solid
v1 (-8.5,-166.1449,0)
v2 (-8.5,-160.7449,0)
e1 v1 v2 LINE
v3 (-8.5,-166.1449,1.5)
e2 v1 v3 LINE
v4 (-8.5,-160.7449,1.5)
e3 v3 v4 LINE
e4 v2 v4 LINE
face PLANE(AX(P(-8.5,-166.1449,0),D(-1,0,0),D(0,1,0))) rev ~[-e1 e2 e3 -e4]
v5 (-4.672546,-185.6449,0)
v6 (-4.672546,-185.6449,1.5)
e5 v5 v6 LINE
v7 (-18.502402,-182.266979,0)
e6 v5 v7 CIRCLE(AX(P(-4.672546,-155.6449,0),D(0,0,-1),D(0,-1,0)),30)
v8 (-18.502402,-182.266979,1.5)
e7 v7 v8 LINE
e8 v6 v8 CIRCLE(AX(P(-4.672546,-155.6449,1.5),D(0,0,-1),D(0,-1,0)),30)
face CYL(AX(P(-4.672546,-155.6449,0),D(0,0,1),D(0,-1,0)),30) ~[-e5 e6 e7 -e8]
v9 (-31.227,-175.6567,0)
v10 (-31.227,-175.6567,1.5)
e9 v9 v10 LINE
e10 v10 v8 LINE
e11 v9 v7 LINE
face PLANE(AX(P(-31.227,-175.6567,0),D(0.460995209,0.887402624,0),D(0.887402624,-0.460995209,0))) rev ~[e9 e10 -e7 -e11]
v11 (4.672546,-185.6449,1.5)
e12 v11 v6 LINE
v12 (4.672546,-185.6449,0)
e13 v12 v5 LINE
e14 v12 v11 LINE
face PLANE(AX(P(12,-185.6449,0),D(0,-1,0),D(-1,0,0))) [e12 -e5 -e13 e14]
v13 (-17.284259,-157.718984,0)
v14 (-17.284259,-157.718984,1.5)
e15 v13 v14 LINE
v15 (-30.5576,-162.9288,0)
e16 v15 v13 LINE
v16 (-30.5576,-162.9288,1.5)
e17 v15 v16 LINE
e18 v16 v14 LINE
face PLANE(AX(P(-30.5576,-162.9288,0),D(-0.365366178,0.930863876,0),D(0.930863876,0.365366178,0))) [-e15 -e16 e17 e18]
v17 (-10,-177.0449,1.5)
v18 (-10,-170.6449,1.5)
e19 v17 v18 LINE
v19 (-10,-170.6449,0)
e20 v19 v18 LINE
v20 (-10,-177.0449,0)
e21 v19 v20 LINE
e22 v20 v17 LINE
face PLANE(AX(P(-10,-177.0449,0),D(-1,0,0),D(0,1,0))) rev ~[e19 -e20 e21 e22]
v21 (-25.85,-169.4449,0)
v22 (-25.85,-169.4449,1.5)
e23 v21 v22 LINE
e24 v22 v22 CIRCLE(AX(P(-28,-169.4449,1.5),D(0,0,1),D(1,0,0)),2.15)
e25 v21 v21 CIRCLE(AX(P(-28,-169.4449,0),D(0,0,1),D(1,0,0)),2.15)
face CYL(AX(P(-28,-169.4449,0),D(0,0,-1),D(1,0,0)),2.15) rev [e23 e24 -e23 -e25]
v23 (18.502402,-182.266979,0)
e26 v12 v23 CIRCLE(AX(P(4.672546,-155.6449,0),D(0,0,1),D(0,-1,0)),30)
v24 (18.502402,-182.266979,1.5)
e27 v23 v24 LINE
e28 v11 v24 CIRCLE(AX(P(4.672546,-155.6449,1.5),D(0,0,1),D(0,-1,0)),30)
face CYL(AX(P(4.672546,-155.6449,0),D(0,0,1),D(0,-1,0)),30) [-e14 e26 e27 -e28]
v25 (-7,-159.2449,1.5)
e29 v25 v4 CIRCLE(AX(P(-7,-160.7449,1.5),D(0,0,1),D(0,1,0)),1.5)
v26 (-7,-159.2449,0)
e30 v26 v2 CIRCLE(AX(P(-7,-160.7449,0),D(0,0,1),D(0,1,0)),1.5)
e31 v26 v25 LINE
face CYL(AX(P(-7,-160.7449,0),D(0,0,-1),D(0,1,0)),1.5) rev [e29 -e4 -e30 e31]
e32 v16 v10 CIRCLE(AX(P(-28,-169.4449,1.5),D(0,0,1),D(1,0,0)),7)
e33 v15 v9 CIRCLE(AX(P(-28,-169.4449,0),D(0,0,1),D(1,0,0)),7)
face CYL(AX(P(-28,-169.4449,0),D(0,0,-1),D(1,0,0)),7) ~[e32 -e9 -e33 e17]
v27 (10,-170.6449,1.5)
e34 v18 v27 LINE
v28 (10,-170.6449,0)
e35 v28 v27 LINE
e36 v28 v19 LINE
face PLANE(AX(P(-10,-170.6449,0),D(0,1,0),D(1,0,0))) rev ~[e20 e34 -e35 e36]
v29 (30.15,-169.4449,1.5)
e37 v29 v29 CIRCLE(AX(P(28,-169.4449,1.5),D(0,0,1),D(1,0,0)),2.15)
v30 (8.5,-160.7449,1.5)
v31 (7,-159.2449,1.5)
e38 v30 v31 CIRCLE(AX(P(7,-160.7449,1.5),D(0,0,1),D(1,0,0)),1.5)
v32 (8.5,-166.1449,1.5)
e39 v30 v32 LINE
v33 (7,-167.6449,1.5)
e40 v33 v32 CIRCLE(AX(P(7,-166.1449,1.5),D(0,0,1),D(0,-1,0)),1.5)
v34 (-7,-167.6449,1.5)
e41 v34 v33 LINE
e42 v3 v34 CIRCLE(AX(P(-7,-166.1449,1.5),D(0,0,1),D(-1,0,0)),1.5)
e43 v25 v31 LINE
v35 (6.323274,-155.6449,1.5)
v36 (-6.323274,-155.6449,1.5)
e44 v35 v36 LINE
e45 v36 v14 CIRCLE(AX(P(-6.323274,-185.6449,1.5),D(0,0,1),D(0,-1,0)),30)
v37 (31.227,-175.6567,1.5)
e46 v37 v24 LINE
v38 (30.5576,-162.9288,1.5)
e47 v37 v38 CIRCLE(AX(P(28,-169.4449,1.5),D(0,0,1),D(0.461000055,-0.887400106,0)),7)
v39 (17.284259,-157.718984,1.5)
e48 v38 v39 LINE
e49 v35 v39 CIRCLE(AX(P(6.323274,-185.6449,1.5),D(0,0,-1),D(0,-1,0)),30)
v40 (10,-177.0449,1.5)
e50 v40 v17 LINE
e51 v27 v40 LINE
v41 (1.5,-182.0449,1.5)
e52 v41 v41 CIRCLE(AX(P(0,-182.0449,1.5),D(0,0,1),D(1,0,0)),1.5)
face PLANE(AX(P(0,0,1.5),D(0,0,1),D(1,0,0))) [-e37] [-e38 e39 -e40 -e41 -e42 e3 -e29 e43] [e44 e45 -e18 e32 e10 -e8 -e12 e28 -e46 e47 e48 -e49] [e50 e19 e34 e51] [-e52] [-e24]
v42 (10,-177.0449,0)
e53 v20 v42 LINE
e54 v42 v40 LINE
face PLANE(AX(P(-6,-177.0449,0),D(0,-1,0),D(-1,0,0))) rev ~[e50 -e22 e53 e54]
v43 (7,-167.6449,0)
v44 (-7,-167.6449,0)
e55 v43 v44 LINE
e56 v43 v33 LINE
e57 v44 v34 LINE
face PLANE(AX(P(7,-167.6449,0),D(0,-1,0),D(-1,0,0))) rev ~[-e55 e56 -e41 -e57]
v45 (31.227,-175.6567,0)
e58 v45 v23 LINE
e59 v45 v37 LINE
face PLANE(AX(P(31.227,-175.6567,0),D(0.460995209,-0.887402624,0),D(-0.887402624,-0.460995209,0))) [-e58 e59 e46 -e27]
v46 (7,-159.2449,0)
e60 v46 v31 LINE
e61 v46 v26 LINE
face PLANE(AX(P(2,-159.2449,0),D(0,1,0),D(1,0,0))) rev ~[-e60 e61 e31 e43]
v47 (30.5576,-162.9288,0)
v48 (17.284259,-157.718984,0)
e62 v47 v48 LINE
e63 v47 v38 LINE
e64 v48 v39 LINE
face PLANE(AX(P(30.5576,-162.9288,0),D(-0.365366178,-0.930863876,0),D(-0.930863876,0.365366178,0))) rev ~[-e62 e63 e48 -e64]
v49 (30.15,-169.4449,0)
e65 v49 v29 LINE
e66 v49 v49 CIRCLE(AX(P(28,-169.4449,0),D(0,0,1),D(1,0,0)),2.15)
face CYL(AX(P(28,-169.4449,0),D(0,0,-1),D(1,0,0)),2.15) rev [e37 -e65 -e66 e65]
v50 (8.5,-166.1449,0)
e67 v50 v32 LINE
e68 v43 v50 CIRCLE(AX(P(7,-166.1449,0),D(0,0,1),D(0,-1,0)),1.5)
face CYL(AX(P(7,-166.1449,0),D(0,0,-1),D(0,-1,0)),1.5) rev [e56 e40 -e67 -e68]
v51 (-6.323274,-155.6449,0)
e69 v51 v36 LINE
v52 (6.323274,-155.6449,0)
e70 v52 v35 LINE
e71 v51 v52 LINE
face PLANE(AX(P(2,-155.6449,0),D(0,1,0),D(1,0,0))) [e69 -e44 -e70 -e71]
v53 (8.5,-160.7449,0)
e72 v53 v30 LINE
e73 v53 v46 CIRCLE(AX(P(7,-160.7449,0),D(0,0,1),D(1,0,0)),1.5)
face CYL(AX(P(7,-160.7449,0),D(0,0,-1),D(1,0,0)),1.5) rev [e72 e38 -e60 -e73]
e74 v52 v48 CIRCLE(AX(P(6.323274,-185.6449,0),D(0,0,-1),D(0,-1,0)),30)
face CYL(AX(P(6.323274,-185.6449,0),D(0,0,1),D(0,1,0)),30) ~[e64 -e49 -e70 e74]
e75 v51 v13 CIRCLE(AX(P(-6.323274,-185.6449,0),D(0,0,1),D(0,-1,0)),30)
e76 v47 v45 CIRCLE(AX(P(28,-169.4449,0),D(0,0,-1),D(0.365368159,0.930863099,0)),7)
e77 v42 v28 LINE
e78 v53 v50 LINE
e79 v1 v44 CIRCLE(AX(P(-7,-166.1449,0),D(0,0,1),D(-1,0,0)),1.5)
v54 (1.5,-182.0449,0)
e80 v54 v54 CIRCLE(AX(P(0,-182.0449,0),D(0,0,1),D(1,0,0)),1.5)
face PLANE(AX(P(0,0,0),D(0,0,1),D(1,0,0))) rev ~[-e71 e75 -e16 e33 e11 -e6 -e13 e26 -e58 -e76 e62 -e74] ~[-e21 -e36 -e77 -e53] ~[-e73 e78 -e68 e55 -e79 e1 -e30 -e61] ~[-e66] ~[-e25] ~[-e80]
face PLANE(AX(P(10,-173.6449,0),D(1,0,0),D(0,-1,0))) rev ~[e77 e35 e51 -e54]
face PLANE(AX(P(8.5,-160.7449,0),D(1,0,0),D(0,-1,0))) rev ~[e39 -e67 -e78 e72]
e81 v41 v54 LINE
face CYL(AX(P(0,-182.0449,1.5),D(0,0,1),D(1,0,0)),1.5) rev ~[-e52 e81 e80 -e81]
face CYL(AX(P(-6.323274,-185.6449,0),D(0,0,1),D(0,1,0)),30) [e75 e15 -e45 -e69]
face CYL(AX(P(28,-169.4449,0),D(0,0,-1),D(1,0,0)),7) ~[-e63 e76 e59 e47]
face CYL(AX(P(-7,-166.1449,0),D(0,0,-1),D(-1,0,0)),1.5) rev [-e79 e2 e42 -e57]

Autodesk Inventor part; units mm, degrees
ref_plane "YZ Plane" through (0, 0, 0) normal (1, 0, 0) x (0, 1, 0)
ref_plane "XZ Plane" through (0, 0, 0) normal (0, 1, 0) x (-1, 0, 0)
ref_plane "XY Plane" through (0, 0, 0) normal (0, 0, 1) x (1, 0, 0)
ref_plane "Work Plane1" through (0, 0, 0) normal (0, 0, 1) x (1, 0, 0)
sketch "Sketch1" plane through (0, 0, 0) normal (0, 0, 1) x (1, 0, 0)
  arc A0 (-148.6847, 77.7603) -> (-148.1357, 75.7112) centre (-147.3857, 77.0103) ccw projected
  line L0 (-148.6847, 77.7603) -> (-148.1847, 78.6263) projected
  line L1 (-148.1847, 78.6263) -> (-150.7828, 80.1263) projected
  line L2 (-150.7828, 80.1263) -> (-152.7828, 76.6622) projected
  arc A1 (-155.3809, 78.1622) -> (-152.7828, 76.6622) centre (-154.0818, 77.4122) ccw projected
  line L3 (-155.3809, 78.1622) -> (-158.3253, 79.8622) projected
  arc A2 (-156.8253, 82.4603) -> (-158.3253, 79.8622) centre (-157.5753, 81.1612) ccw projected
  line L4 (-156.8253, 82.4603) -> (-156.3253, 83.3263) projected
  line L5 (-156.3253, 83.3263) -> (-161.1751, 86.1263) projected
  arc A3 (-159.9251, 88.2913) -> (-161.1751, 86.1263) centre (-160.5501, 87.2088) ccw projected
  line L6 (-159.9251, 88.2913) -> (-155.0753, 85.4913) projected
  line L7 (-155.0753, 85.4913) -> (-151.5753, 91.5535) projected
  line L8 (-151.5753, 91.5535) -> (-156.4251, 94.3535) projected
  arc A4 (-155.1751, 96.5186) -> (-156.4251, 94.3535) centre (-155.8001, 95.4361) ccw projected
  line L9 (-155.1751, 96.5186) -> (-150.3253, 93.7186) projected
  line L10 (-150.3253, 93.7186) -> (-149.8253, 94.5846) projected
  arc A5 (-148.3253, 97.1827) -> (-149.8253, 94.5846) centre (-149.0753, 95.8836) ccw projected
  line L11 (-148.3253, 97.1827) -> (-145.3809, 95.4827) projected
  arc A6 (-142.7828, 93.9827) -> (-145.3809, 95.4827) centre (-144.0818, 94.7327) ccw projected
  line L12 (-142.7828, 93.9827) -> (-144.7828, 90.5186) projected
  line L13 (-144.7828, 90.5186) -> (-142.1847, 89.0186) projected
  line L14 (-142.1847, 89.0186) -> (-141.6847, 89.8846) projected
  arc A7 (-139.6357, 90.4336) -> (-141.6847, 89.8846) centre (-140.3857, 89.1346) ccw projected
  line L15 (-139.6357, 90.4336) -> (-134.9591, 87.7336) projected
  arc A8 (-134.4101, 85.6846) -> (-134.9591, 87.7336) centre (-135.7091, 86.4346) ccw projected
  line L16 (-134.4101, 85.6846) -> (-136.9101, 81.3545) projected
  line L17 (-136.9101, 81.3545) -> (-133.7924, 79.5545) projected
  arc A9 (-135.7924, 76.0904) -> (-133.7924, 79.5545) centre (-134.7924, 77.8224) ccw projected
  line L18 (-135.7924, 76.0904) -> (-138.9101, 77.8904) projected
  line L19 (-138.9101, 77.8904) -> (-141.4101, 73.5603) projected
  arc A10 (-143.4591, 73.0112) -> (-141.4101, 73.5603) centre (-142.7091, 74.3103) ccw projected
  line L20 (-143.4591, 73.0112) -> (-148.1357, 75.7112) projected
  arc A11 (141.6847, 89.8846) -> (139.6357, 90.4336) centre (140.3857, 89.1346) ccw projected
  line L21 (141.6847, 89.8846) -> (142.1847, 89.0186) projected
  line L22 (142.1847, 89.0186) -> (144.7828, 90.5186) projected
  line L23 (144.7828, 90.5186) -> (142.7828, 93.9827) projected
  arc A12 (145.3809, 95.4827) -> (142.7828, 93.9827) centre (144.0818, 94.7327) ccw projected
  line L24 (145.3809, 95.4827) -> (148.3253, 97.1827) projected
  arc A13 (149.8253, 94.5846) -> (148.3253, 97.1827) centre (149.0753, 95.8836) ccw projected
  line L25 (149.8253, 94.5846) -> (150.3253, 93.7186) projected
  line L26 (150.3253, 93.7186) -> (155.1751, 96.5186) projected
  arc A14 (156.4251, 94.3535) -> (155.1751, 96.5186) centre (155.8001, 95.4361) ccw projected
  line L27 (156.4251, 94.3535) -> (151.5753, 91.5535) projected
  line L28 (151.5753, 91.5535) -> (155.0753, 85.4913) projected
  line L29 (155.0753, 85.4913) -> (159.9251, 88.2913) projected
  arc A15 (161.1751, 86.1263) -> (159.9251, 88.2913) centre (160.5501, 87.2088) ccw projected
  line L30 (161.1751, 86.1263) -> (156.3253, 83.3263) projected
  line L31 (156.3253, 83.3263) -> (156.8253, 82.4603) projected
  arc A16 (158.3253, 79.8622) -> (156.8253, 82.4603) centre (157.5753, 81.1612) ccw projected
  line L32 (158.3253, 79.8622) -> (155.3809, 78.1622) projected
  arc A17 (152.7828, 76.6622) -> (155.3809, 78.1622) centre (154.0818, 77.4122) ccw projected
  line L33 (152.7828, 76.6622) -> (150.7828, 80.1263) projected
  line L34 (150.7828, 80.1263) -> (148.1847, 78.6263) projected
  line L35 (148.1847, 78.6263) -> (148.6847, 77.7603) projected
  arc A18 (148.1357, 75.7112) -> (148.6847, 77.7603) centre (147.3857, 77.0103) ccw projected
  line L36 (148.1357, 75.7112) -> (143.4591, 73.0112) projected
  arc A19 (141.4101, 73.5603) -> (143.4591, 73.0112) centre (142.7091, 74.3103) ccw projected
  line L37 (141.4101, 73.5603) -> (138.9101, 77.8904) projected
  line L38 (138.9101, 77.8904) -> (135.7924, 76.0904) projected
  arc A20 (133.7924, 79.5545) -> (135.7924, 76.0904) centre (134.7924, 77.8224) ccw projected
  line L39 (133.7924, 79.5545) -> (136.9101, 81.3545) projected
  line L40 (136.9101, 81.3545) -> (134.4101, 85.6846) projected
  arc A21 (134.9591, 87.7336) -> (134.4101, 85.6846) centre (135.7091, 86.4346) ccw projected
  line L41 (134.9591, 87.7336) -> (139.6357, 90.4336) projected
  line L42 (6, -167.6449) -> (6, -170.6449) projected
  line L43 (6, -170.6449) -> (10, -170.6449) projected
  arc A22 (10, -173.6449) -> (10, -170.6449) centre (10, -172.1449) ccw projected
  line L44 (10, -173.6449) -> (10, -177.0449) projected
  arc A23 (7, -177.0449) -> (10, -177.0449) centre (8.5, -177.0449) ccw projected
  line L45 (7, -177.0449) -> (6, -177.0449) projected
  line L46 (6, -177.0449) -> (6, -182.6449) projected
  arc A24 (3.5, -182.6449) -> (6, -182.6449) centre (4.75, -182.6449) ccw projected
  line L47 (3.5, -182.6449) -> (3.5, -177.0449) projected
  line L48 (3.5, -177.0449) -> (-3.5, -177.0449) projected
  line L49 (-3.5, -177.0449) -> (-3.5, -182.6449) projected
  arc A25 (-6, -182.6449) -> (-3.5, -182.6449) centre (-4.75, -182.6449) ccw projected
  line L50 (-6, -182.6449) -> (-6, -177.0449) projected
  line L51 (-6, -177.0449) -> (-7, -177.0449) projected
  arc A26 (-10, -177.0449) -> (-7, -177.0449) centre (-8.5, -177.0449) ccw projected
  line L52 (-10, -177.0449) -> (-10, -173.6449) projected
  arc A27 (-10, -170.6449) -> (-10, -173.6449) centre (-10, -172.1449) ccw projected
  line L53 (-10, -170.6449) -> (-6, -170.6449) projected
  line L54 (-6, -170.6449) -> (-6, -167.6449) projected
  line L55 (-6, -167.6449) -> (-7, -167.6449) projected
  arc A28 (-8.5, -166.1449) -> (-7, -167.6449) centre (-7, -166.1449) ccw projected
  line L56 (-8.5, -166.1449) -> (-8.5, -160.7449) projected
  arc A29 (-7, -159.2449) -> (-8.5, -160.7449) centre (-7, -160.7449) ccw projected
  line L57 (-7, -159.2449) -> (-2, -159.2449) projected
  line L58 (-2, -159.2449) -> (-2, -155.6449) projected
  arc A30 (2, -155.6449) -> (-2, -155.6449) centre (0, -155.6449) ccw projected
  line L59 (2, -155.6449) -> (2, -159.2449) projected
  line L60 (2, -159.2449) -> (7, -159.2449) projected
  arc A31 (8.5, -160.7449) -> (7, -159.2449) centre (7, -160.7449) ccw projected
  line L61 (8.5, -160.7449) -> (8.5, -166.1449) projected
  arc A32 (7, -167.6449) -> (8.5, -166.1449) centre (7, -166.1449) ccw projected
  line L62 (7, -167.6449) -> (6, -167.6449) projected
  arc A33 (174.3732, -22.7321) -> (67.5, 162.3777) centre (67.5, 38.9711) ccw projected
  line L63 (67.5, 162.3777) -> (-67.5, 162.3777) projected
  arc A34 (-67.5, 162.3777) -> (-174.3732, -22.7321) centre (-67.5, 38.9711) ccw projected
  line L64 (-174.3732, -22.7321) -> (-106.8732, -139.6455) projected
  arc A35 (-106.8732, -139.6455) -> (106.8732, -139.6455) centre (0, -77.9423) ccw projected
  line L65 (106.8732, -139.6455) -> (174.3732, -22.7321) projected
  circle A36 centre (160.7436, 60.4737) radius 2 projected
  circle A37 centre (132.7436, 108.9711) radius 2 projected
  circle A38 centre (-160.7436, 60.4737) radius 2 projected
  circle A39 centre (-132.7436, 108.9711) radius 2 projected
  circle A40 centre (28, -169.4449) radius 2 projected
  circle A41 centre (-28, -169.4449) radius 2 projected
  circle A42 centre (0, 0) radius 5 projected
  circle A43 centre (-28, -169.4449) radius 7
  circle A44 centre (28, -169.4449) radius 7
  line L66 (-12, -155.6449) -> (12, -155.6449)
  line L67 (12, -155.6449) -> (12, -185.6449)
  line L68 (12, -185.6449) -> (-12, -185.6449)
  line L69 (-12, -185.6449) -> (-12, -155.6449)
  line L70 (-30.5576, -162.9288) -> (-12, -155.6449)
  line L71 (-31.227, -175.6567) -> (-12, -185.6449)
  line L72 (31.227, -175.6567) -> (12, -185.6449)
  line L73 (30.5576, -162.9288) -> (12, -155.6449)
  line L74 (-7, -159.2449) -> (7, -159.2449)
  line L75 (8.5, -160.7449) -> (8.5, -166.1449)
  line L76 (7, -167.6449) -> (-7, -167.6449)
  line L77 (-8.5, -166.1449) -> (-8.5, -160.7449)
  line L78 (-10, -170.6449) -> (10, -170.6449)
  line L79 (10, -170.6449) -> (10, -177.0449)
  line L80 (10, -177.0449) -> (-10, -177.0449)
  line L81 (-10, -177.0449) -> (-10, -170.6449)
  arc A45 (-7, -159.2449) -> (-8.5, -160.7449) centre (-7, -160.7449) ccw
  arc A46 (-8.5, -166.1449) -> (-7, -167.6449) centre (-7, -166.1449) ccw
  arc A47 (7, -167.6449) -> (8.5, -166.1449) centre (7, -166.1449) ccw
  arc A48 (8.5, -160.7449) -> (7, -159.2449) centre (7, -160.7449) ccw
  circle A49 centre (-28, -169.4449) radius 2.15
  circle A50 centre (28, -169.4449) radius 2.15
  point P0 (0, 0)
  dimension "d2" = 14
  dimension "d3" = 14
  dimension "d5" = 30
  dimension "d6" = 2
  dimension "d7" = 2
  dimension "d8" = 1.5
  dimension "d16" = 4.3
  dimension "d17" = 4.3
extrude "Extrusion1" add sketch "Sketch1" along normal blind 1.5 contours L62 A32 L61 A31 L60 L59 L66 L67 L68 L69 L58 L57 A29 L56 A28 L55 L54 L53 A27 L52 A26 L51 L50 A25 L49 L48 L47 A24 L46 L45 A23 L44 A22 L43 L42 | L42 L78 L54 L76 | A22 L79 | L81 A27 | A23 L80 | L80 A26 | L74 L58 L66 L59 | L46 A24 L47 L80 | L80 L49 A25 L50 | L73 A44 L72 L67 | L69 L71 A43 L70 | A44 | A43
fillet "Fillet1" radius 30 4 edges at (-12, -185.6449, 0.75) (12, -185.6449, 0.75) (-12, -155.6449, 0.75) (12, -155.6449, 0.75)
sketch "Sketch2" plane through (0, 0, 1.5) normal (0, 0, 1) x (1, 0, 0)
  line L0 (10, -177.0449) -> (-10, -177.0449) projected
  circle A0 centre (0, -182.0449) radius 1.5
  point P0 (0, 0)
  dimension "d12" = 3
  dimension "d13" = 5
extrude "Extrusion2" cut sketch "Sketch2" against normal blind 10
properties material "Stainless Steel"
